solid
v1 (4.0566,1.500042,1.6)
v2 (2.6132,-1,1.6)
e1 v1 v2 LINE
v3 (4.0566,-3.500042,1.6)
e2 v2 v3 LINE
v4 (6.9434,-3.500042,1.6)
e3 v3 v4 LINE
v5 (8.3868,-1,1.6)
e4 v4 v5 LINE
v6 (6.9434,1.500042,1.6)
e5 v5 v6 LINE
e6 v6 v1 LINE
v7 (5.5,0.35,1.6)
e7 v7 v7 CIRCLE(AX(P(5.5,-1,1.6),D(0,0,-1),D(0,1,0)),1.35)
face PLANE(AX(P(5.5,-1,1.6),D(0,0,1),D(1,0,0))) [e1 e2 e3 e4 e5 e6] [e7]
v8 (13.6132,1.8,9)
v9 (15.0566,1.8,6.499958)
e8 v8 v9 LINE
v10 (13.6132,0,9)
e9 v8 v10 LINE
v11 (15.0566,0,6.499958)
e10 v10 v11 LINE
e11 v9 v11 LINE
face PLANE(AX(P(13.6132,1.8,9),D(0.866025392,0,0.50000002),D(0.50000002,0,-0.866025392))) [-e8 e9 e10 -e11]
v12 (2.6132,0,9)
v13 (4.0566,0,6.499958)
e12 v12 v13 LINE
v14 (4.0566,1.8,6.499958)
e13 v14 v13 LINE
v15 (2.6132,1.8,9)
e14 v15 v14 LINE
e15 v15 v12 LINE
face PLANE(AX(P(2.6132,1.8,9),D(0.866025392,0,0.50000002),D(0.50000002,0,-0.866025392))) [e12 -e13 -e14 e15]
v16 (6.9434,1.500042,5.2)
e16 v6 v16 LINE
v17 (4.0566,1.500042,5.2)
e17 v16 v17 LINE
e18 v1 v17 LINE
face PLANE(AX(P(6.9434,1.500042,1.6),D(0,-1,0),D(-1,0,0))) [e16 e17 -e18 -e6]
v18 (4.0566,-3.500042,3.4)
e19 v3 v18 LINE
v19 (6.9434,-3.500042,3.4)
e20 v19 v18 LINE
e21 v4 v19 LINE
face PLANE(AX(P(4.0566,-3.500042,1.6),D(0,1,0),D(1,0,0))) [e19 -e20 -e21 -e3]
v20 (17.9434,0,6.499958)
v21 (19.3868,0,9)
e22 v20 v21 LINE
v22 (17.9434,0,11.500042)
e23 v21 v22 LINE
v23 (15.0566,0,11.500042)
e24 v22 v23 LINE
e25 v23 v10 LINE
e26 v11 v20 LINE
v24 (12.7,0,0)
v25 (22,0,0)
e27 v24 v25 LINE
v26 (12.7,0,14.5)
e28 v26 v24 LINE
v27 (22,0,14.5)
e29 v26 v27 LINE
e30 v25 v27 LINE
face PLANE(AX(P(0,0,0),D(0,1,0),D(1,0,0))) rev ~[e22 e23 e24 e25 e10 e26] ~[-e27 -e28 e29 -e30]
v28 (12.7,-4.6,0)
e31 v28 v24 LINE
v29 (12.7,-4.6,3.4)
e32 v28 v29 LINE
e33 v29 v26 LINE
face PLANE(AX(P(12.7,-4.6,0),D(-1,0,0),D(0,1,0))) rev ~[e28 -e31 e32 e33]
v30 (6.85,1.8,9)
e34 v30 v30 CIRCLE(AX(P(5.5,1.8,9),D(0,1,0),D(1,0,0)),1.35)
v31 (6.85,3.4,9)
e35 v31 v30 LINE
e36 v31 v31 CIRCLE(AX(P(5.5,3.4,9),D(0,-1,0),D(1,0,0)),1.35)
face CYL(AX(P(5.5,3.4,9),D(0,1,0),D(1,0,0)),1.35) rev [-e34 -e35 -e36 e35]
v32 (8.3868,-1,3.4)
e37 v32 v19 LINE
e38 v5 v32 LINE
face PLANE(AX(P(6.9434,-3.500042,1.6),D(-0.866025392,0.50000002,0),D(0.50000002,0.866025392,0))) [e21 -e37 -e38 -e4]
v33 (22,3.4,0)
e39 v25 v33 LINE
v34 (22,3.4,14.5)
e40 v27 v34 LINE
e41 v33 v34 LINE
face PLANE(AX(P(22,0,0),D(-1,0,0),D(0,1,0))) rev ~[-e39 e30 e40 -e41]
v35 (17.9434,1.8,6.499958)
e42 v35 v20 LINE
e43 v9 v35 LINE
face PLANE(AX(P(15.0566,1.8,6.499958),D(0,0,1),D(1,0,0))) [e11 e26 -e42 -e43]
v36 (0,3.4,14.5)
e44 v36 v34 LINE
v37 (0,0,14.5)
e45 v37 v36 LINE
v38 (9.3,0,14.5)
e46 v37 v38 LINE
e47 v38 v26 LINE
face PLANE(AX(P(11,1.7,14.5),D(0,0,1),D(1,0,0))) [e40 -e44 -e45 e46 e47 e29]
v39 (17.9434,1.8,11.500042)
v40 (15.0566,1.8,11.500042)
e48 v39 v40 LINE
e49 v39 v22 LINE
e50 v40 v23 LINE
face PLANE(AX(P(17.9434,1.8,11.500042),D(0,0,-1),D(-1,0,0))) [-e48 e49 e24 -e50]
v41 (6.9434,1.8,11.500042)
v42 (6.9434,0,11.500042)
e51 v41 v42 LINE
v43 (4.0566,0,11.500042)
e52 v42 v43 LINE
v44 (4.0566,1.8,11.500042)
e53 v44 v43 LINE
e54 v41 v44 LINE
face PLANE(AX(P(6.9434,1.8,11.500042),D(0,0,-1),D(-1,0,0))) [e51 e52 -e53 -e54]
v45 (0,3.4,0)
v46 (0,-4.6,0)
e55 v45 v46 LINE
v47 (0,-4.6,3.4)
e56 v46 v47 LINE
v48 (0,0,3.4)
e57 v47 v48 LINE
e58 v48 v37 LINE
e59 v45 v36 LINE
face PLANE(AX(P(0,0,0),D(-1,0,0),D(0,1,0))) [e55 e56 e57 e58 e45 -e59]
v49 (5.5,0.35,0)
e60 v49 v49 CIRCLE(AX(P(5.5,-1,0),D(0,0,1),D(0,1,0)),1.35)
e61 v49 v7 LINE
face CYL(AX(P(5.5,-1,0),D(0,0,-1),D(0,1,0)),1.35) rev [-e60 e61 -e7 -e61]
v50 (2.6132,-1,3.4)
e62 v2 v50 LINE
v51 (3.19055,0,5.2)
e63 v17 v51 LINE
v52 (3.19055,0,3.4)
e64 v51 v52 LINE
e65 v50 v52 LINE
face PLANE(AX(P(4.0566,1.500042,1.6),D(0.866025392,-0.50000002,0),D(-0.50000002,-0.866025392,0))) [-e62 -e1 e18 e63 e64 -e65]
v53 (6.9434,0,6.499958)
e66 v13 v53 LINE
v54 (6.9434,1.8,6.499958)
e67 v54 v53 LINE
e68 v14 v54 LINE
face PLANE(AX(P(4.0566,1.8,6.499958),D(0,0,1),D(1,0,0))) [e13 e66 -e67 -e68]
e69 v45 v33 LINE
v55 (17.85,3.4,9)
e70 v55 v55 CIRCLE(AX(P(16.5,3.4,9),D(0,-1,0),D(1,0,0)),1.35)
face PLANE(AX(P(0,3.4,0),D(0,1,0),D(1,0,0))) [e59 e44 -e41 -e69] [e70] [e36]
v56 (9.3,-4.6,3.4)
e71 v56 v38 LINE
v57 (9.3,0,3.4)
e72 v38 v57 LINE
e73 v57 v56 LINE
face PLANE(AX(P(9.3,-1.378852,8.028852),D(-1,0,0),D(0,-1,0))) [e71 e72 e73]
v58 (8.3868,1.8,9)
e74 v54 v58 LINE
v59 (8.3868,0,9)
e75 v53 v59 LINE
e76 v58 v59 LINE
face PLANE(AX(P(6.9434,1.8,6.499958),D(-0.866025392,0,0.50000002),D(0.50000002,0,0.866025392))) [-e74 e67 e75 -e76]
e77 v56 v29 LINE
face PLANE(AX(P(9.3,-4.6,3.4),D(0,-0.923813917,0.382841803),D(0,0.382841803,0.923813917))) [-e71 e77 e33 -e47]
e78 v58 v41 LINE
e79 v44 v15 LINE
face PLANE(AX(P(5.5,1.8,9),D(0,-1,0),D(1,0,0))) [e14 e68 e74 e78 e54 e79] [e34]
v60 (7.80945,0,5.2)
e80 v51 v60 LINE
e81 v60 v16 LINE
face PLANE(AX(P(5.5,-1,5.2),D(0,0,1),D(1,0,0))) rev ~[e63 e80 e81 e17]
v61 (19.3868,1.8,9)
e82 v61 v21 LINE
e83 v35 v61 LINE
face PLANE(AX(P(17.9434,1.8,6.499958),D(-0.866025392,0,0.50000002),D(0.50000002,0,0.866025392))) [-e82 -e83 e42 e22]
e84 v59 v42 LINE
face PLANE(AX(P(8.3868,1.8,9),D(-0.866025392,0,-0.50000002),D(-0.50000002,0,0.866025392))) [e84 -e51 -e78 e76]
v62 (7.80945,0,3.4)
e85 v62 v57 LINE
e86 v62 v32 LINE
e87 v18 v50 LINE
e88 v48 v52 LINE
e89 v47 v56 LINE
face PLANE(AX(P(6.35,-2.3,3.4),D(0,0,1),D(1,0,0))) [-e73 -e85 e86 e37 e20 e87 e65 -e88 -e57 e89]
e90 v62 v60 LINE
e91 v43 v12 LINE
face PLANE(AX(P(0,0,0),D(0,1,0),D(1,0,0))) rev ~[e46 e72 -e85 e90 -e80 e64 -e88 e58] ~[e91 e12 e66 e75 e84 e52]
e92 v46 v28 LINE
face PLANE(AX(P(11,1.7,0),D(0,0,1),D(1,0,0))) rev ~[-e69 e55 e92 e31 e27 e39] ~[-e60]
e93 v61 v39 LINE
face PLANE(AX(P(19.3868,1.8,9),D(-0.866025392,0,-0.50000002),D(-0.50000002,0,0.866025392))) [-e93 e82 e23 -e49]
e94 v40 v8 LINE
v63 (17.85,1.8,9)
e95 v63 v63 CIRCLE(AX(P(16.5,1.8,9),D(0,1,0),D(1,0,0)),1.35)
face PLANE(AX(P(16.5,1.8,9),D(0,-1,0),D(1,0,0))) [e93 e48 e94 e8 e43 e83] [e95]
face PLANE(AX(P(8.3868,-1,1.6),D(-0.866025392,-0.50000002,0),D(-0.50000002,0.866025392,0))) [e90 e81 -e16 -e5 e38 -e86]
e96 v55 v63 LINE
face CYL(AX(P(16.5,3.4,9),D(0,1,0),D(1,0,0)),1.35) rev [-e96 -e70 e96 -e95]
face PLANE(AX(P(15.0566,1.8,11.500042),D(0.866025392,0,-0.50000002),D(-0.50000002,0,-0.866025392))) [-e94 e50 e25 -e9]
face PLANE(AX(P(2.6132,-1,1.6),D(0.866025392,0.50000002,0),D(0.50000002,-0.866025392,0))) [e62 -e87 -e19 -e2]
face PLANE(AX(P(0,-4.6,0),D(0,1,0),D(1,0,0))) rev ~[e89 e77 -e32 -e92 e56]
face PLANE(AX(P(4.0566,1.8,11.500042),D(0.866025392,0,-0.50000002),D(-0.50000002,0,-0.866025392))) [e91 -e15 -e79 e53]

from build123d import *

# Parameters (mm, degrees)
EXTRUDE003_DEPTH  = 3.6
CYLINDER002_R     = 1.35
CYLINDER002_DEPTH = 3.4
EXTRUDE002_DEPTH  = 1.8
CYLINDER003_R     = 1.35
CYLINDER003_DEPTH = 3.4
EXTRUDE001_DEPTH  = 1.8
CYLINDER_R        = 1.35
CYLINDER_DEPTH    = 3.4
BOX_W             = 22
BOX_H             = 3.4
BOX_DEPTH         = 14.5
BOX001_W          = 12.7
BOX001_H          = 4.6
BOX001_DEPTH      = 3.4
EXTRUDE_DEPTH     = 3.4


with BuildPart() as extrude003:
    # Sketch003 → Extrude003 (new body)
    with BuildSketch(Plane(origin=(5.5, -1, 1.6), x_dir=(1, 0, 0), z_dir=(0, 0, 1))):
        Polygon((2.8868, 0), (1.4434, 2.500042), (-1.4434, 2.500042), (-2.8868, 0), (-1.4434, -2.500042), (1.4434, -2.500042), align=None)
    extrude(amount=EXTRUDE003_DEPTH)


with BuildPart() as hole03:
    # Cylinder002 → Cylinder002 (new body)
    with BuildSketch(Plane(origin=(5.5, -1, 0), x_dir=(0, 1, 0), z_dir=(0, 0, 1))):
        Circle(CYLINDER002_R)
    extrude(amount=CYLINDER002_DEPTH)

    # Fusion002: union Extrude003
    add(extrude003.part)


with BuildPart() as extrude002:
    # Sketch002 → Extrude002 (new body)
    with BuildSketch(Plane(origin=(16.5, 1.8, 9), x_dir=(1, 0, 0), z_dir=(0, -1, 0))):
        Polygon((2.8868, 0), (1.4434, 2.500042), (-1.4434, 2.500042), (-2.8868, 0), (-1.4434, -2.500042), (1.4434, -2.500042), align=None)
    extrude(amount=EXTRUDE002_DEPTH)


with BuildPart() as hole02:
    # Cylinder003 → Cylinder003 (new body)
    with BuildSketch(Plane(origin=(16.5, 3.4, 9), x_dir=(1, 0, 0), z_dir=(0, -1, 0))):
        Circle(CYLINDER003_R)
    extrude(amount=CYLINDER003_DEPTH)

    # Fusion001: union Extrude002
    add(extrude002.part)


with BuildPart() as extrude001:
    # Sketch001 → Extrude001 (new body)
    with BuildSketch(Plane(origin=(5.5, 1.8, 9), x_dir=(1, 0, 0), z_dir=(0, -1, 0))):
        Polygon((2.8868, 0), (1.4434, 2.500042), (-1.4434, 2.500042), (-2.8868, 0), (-1.4434, -2.500042), (1.4434, -2.500042), align=None)
    extrude(amount=EXTRUDE001_DEPTH)


with BuildPart() as hole01:
    # Cylinder → Cylinder (new body)
    with BuildSketch(Plane(origin=(5.5, 3.4, 9), x_dir=(1, 0, 0), z_dir=(0, -1, 0))):
        Circle(CYLINDER_R)
    extrude(amount=CYLINDER_DEPTH)

    # Fusion: union Extrude001
    add(extrude001.part)


with BuildPart() as cut001:
    # Box → Box (new body)
    with BuildSketch(Plane.XY):
        with Locations((11, 1.7)):
            Rectangle(BOX_W, BOX_H)
    extrude(amount=BOX_DEPTH)

    # Cut: cut Hole01
    add(hole01.part, mode=Mode.SUBTRACT)

    # Cut001: cut Hole02
    add(hole02.part, mode=Mode.SUBTRACT)


with BuildPart() as cut002:
    # Box001 → Box001 (new body)
    with BuildSketch(Plane(origin=(0, -4.6, 0), x_dir=(1, 0, 0), z_dir=(0, 0, 1))):
        with Locations((6.35, 2.3)):
            Rectangle(BOX001_W, BOX001_H)
    extrude(amount=BOX001_DEPTH)

    # Fusion003: union Cut001
    add(cut001.part)

    # Cut002: cut Hole03
    add(hole03.part, mode=Mode.SUBTRACT)


with BuildPart() as left_hand_bracket:
    # Sketch → Extrude (new body)
    with BuildSketch(Plane(origin=(0, 0, 3.4), x_dir=(0, 1, 0), z_dir=(1, 0, 0))):
        Polygon((0, 11.1), (0, 0), (-4.6, 0), align=None)
    extrude(amount=EXTRUDE_DEPTH)


with BuildPart() as left_hand_bracket_1:
    # Extrude placement: moved
    add(left_hand_bracket.part.moved(Location((9.3, 0, 0))))

    # Fusion004: union Cut002
    add(cut002.part)


solid = left_hand_bracket_1.part
